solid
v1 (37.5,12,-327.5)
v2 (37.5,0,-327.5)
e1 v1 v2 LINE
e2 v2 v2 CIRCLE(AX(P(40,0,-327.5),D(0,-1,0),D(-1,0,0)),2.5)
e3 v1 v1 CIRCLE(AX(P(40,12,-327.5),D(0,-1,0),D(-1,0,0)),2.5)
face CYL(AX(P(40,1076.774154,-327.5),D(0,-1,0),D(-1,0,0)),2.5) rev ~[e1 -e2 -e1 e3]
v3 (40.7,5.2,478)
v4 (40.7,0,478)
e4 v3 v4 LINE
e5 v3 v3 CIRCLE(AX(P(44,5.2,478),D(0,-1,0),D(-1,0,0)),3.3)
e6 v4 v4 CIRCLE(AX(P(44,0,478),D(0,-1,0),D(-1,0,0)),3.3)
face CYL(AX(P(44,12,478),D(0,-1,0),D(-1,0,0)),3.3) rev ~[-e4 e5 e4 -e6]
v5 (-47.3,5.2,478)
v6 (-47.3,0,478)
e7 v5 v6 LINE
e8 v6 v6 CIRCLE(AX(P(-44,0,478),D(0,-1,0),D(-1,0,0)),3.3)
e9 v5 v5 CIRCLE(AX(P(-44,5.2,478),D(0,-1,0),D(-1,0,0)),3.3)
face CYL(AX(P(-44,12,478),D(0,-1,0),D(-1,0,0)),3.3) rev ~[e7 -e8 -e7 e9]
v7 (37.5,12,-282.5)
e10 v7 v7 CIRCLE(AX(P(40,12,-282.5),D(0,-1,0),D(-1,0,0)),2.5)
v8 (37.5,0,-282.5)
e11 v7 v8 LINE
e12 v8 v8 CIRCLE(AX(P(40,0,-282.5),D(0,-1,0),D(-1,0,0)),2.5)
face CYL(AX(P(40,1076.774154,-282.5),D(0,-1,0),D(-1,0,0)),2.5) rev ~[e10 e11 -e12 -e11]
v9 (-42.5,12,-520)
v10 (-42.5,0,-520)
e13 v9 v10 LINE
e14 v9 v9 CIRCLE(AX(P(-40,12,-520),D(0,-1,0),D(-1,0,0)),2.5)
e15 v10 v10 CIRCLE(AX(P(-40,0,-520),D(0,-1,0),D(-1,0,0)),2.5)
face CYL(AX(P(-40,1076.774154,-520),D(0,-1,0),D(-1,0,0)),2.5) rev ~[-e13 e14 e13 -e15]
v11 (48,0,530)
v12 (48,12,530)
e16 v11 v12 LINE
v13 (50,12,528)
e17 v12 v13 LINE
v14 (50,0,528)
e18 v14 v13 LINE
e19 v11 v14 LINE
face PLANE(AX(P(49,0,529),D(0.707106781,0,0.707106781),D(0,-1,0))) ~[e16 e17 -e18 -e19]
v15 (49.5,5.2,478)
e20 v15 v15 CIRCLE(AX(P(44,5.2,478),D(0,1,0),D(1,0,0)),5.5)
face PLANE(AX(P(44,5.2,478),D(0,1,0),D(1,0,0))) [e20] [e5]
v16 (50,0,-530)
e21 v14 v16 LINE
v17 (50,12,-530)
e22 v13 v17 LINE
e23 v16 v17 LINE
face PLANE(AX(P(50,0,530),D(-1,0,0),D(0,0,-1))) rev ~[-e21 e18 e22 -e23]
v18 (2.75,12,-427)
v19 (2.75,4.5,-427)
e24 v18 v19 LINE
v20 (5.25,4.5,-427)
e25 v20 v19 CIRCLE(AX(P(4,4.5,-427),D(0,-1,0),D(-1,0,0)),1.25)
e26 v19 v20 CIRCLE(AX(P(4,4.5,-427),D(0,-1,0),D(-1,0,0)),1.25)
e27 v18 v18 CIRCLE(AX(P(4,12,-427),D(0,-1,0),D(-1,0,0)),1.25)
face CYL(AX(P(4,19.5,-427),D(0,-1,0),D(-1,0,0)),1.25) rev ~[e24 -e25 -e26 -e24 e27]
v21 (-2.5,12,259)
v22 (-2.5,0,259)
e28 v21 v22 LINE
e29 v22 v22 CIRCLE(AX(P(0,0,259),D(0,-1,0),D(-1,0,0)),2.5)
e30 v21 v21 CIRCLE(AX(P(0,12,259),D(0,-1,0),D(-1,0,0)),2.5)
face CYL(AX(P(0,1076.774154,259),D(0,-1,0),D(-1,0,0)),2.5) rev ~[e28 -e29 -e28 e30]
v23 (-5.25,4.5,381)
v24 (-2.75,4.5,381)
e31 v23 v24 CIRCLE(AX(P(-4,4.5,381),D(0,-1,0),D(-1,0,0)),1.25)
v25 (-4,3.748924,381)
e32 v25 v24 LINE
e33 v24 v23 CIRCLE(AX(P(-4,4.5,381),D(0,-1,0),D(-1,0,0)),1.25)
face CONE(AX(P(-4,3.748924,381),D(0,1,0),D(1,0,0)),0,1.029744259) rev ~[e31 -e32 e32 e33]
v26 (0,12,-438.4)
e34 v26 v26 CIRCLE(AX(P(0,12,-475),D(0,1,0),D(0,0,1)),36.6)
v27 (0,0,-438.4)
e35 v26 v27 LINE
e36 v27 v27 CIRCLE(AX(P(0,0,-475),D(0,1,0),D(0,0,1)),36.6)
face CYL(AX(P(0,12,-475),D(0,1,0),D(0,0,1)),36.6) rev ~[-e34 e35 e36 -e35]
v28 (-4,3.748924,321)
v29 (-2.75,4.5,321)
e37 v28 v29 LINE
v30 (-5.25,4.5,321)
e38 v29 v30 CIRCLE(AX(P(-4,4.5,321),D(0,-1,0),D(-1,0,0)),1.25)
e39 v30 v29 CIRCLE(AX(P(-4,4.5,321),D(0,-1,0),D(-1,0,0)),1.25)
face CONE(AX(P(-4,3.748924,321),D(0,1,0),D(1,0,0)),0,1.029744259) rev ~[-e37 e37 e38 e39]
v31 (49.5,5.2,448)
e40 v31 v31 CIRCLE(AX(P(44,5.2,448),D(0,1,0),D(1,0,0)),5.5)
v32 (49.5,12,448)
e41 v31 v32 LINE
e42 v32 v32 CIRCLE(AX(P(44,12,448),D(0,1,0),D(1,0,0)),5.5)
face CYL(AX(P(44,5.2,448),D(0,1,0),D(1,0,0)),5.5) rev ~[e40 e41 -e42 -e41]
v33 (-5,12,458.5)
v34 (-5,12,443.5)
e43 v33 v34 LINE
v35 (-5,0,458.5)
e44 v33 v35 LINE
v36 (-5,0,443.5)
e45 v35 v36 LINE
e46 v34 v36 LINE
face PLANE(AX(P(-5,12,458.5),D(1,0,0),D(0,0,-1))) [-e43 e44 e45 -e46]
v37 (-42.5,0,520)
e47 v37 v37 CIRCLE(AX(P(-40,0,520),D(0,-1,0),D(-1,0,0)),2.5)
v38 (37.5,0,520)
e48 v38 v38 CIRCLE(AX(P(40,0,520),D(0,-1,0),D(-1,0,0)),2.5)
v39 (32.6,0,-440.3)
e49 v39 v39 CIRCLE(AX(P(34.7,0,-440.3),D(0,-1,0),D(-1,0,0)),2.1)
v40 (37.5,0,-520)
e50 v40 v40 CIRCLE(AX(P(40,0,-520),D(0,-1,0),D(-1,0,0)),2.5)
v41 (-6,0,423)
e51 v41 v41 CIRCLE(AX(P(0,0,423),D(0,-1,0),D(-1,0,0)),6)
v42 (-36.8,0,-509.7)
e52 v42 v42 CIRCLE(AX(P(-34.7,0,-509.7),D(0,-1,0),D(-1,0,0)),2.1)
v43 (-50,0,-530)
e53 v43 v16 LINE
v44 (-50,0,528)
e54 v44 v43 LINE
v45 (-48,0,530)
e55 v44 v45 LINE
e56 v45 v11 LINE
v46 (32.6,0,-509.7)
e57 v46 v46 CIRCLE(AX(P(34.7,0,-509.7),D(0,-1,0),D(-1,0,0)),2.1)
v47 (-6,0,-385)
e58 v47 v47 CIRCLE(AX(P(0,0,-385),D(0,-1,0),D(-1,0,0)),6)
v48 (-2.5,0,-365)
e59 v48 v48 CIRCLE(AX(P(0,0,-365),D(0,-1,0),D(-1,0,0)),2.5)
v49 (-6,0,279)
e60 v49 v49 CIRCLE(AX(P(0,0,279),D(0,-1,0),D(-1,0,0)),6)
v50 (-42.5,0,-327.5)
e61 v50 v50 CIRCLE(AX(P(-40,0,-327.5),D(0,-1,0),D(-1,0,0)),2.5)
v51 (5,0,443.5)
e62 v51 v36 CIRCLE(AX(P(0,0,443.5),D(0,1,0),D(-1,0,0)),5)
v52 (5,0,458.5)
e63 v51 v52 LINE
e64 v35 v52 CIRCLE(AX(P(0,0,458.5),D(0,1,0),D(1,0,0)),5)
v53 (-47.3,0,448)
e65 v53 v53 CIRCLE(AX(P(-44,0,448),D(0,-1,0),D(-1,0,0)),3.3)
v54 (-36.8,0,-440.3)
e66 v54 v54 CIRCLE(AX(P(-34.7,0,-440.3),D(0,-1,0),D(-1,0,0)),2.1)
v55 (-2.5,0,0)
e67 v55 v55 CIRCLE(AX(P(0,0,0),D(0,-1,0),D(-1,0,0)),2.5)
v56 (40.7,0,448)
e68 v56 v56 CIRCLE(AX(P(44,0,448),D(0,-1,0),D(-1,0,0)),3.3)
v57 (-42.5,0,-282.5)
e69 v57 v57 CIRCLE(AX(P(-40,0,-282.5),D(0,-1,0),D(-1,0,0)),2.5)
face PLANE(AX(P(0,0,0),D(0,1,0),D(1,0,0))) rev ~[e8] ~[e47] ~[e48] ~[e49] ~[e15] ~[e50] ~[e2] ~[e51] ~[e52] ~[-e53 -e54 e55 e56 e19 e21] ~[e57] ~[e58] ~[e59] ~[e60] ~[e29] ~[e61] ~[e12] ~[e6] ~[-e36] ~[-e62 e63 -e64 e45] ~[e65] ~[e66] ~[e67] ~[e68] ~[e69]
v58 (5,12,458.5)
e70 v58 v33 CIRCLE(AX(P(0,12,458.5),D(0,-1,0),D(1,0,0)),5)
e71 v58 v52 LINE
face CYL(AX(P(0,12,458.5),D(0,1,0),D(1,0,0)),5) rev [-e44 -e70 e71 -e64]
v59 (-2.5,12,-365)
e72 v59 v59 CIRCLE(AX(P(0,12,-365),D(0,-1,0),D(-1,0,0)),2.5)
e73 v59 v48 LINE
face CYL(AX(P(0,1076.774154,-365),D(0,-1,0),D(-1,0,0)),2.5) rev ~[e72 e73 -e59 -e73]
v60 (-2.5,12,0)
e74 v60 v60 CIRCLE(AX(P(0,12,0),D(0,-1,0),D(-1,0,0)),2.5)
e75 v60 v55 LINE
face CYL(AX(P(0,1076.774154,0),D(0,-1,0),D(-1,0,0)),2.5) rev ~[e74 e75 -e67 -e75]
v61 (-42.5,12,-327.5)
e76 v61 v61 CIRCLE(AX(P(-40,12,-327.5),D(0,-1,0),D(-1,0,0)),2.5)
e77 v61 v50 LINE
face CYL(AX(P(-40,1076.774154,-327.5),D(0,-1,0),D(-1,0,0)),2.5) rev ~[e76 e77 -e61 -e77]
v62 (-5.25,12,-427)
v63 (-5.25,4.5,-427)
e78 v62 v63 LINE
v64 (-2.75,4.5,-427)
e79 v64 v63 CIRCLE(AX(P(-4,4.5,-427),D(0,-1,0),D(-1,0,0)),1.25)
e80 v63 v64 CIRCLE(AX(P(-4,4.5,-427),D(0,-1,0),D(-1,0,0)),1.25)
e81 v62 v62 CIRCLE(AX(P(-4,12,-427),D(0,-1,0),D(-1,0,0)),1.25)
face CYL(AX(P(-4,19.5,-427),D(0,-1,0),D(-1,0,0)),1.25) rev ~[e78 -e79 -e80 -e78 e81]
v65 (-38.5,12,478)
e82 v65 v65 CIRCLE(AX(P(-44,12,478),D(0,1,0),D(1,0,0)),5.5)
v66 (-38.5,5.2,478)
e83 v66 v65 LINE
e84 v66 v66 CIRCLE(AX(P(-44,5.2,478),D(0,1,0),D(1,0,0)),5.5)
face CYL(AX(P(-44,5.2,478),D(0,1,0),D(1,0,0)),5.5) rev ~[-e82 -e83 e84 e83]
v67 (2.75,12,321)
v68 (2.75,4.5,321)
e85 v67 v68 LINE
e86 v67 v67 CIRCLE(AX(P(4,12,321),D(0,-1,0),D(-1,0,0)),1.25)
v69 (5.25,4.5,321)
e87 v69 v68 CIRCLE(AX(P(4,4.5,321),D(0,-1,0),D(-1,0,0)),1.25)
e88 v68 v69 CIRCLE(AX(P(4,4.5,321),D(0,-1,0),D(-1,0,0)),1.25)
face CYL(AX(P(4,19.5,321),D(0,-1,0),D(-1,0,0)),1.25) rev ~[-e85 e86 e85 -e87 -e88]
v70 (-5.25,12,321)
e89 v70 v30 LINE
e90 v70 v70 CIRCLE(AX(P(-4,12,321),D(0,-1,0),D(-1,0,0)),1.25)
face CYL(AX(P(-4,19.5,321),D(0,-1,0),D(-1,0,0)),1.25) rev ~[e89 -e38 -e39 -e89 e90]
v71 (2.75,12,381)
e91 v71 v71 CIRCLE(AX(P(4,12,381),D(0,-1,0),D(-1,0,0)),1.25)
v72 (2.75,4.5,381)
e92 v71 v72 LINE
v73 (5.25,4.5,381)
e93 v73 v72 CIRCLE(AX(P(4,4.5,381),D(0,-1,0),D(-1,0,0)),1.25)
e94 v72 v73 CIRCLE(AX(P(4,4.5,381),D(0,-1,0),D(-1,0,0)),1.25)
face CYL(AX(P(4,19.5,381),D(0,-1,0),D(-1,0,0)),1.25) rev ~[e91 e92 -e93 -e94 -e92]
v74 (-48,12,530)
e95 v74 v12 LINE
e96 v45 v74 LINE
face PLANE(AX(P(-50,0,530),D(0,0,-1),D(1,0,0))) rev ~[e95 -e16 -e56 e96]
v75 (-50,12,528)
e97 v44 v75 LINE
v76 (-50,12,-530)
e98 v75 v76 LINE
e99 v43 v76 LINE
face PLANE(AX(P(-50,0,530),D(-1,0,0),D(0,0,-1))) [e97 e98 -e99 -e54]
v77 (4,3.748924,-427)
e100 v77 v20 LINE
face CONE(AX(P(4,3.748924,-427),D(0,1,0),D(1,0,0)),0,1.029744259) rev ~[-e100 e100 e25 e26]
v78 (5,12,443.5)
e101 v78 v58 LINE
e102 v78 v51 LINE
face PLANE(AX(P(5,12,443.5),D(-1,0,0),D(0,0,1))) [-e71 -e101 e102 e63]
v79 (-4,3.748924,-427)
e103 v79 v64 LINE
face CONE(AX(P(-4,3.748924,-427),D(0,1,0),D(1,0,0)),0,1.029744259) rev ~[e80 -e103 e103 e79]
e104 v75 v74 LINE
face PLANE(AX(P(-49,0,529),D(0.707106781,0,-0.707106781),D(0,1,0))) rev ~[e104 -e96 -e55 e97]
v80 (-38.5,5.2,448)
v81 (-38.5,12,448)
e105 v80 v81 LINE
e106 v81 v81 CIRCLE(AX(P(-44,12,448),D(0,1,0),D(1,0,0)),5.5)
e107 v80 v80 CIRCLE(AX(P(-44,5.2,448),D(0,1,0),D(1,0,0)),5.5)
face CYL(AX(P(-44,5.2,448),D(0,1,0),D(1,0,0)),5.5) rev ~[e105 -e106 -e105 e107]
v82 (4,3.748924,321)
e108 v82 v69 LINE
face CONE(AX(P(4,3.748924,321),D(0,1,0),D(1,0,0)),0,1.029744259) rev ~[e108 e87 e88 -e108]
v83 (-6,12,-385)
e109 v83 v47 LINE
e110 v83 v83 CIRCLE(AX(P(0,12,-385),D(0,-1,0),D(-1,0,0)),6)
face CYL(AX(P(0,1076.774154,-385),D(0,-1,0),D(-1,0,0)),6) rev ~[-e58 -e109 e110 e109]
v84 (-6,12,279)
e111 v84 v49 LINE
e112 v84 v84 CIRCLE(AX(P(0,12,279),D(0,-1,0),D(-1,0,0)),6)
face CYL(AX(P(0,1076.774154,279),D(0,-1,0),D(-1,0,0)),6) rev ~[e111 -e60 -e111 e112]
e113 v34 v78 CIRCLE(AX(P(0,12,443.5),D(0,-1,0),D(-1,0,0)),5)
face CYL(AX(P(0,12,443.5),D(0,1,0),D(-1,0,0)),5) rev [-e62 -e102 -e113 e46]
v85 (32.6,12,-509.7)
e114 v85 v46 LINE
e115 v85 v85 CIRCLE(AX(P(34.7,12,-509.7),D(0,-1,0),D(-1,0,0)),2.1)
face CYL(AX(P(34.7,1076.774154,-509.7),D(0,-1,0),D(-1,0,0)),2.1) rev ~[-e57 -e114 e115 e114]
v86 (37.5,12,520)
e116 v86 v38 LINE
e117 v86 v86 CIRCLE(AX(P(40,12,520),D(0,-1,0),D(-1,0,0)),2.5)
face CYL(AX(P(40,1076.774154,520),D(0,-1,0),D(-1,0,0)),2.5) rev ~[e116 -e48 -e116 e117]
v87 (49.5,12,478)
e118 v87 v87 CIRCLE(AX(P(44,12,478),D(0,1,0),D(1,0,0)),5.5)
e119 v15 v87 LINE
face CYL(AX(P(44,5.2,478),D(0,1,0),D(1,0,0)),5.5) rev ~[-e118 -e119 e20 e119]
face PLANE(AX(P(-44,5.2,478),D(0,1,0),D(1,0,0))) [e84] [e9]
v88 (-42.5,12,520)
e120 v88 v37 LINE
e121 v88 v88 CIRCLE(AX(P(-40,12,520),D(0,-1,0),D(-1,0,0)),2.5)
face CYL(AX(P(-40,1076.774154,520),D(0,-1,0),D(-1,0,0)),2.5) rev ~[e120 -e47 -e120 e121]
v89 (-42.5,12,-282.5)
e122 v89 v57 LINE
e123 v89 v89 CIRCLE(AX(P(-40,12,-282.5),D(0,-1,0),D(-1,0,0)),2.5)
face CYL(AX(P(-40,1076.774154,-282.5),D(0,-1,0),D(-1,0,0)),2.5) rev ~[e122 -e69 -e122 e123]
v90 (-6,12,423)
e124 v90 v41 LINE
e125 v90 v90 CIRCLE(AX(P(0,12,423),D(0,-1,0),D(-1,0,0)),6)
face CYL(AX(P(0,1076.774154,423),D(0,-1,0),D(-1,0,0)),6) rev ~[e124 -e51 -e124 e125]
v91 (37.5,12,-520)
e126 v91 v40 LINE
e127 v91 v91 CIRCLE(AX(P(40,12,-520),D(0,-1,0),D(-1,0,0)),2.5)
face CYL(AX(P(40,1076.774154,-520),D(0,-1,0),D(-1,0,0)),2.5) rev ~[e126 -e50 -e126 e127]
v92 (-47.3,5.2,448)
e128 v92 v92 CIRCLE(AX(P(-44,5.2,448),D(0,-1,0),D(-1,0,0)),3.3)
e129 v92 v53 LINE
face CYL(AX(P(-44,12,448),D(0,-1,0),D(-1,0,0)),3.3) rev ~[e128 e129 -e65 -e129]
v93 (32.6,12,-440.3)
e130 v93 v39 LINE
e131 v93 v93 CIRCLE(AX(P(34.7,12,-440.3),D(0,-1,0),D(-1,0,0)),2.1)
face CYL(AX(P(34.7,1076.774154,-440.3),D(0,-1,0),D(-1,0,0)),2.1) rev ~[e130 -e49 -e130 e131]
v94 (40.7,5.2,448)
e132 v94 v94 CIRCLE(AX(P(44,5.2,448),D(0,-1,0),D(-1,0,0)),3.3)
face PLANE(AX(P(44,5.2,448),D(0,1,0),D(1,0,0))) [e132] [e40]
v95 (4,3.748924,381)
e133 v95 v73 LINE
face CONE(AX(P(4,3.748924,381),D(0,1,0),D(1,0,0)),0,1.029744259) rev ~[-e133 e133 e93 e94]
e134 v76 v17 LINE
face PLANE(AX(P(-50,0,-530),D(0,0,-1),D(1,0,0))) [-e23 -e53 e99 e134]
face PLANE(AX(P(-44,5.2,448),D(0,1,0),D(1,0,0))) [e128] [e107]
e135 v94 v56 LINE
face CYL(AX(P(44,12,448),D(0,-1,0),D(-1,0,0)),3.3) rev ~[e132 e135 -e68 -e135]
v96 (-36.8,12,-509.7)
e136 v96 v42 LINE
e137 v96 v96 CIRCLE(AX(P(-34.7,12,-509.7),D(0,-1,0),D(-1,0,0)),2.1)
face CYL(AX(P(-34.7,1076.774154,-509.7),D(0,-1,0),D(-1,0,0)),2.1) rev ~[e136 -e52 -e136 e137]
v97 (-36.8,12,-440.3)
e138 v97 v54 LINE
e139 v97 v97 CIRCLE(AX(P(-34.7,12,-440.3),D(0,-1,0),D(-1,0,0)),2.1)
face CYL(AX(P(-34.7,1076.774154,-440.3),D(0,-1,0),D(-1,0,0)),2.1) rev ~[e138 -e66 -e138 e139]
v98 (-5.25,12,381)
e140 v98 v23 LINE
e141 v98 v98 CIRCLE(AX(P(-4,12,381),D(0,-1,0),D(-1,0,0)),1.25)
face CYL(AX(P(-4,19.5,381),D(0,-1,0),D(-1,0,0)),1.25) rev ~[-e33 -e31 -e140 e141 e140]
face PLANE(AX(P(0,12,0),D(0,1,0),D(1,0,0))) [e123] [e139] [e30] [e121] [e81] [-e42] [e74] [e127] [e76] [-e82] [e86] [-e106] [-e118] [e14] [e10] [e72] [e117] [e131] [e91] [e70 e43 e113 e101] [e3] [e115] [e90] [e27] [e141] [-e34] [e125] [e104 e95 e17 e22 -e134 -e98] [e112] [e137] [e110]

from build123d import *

# Parameters (mm, degrees)
SKETCH_1_W                = 100
SKETCH_1_H                = 1060
EXTRUDE_1_DEPTH           = 12
SKETCH_2_R                = 36.6
CUT_EXTRUDE_1_DEPTH       = 533.488497528
HOLE_WIZARD_M5_1_D        = 4.2
HOLE_WIZARD_M6_1_D        = 5
HOLE_WIZARD_1_D           = 6.6
HOLE_WIZARD_1_CBORE_D     = 11
HOLE_WIZARD_1_CBORE_DEPTH = 6.8
HOLE_WIZARD_M3_1_D        = 2.5
HOLE_WIZARD_M3_1_DEPTH    = 7.5
HOLE_WIZARD_M3_1_TIP      = 0.751075774
HOLE_WIZARD_1_2_D         = 12
HOLE_WIZARD_M6_2_D        = 5
CHAMFER_1_SIZE            = 2


with BuildPart() as part:
    # 草图1 → 凸台-拉伸1 (new body)
    with BuildSketch(Plane(origin=(0, 0, 0), x_dir=(1, 0, 0), z_dir=(0, 1, 0))):
        Rectangle(SKETCH_1_W, SKETCH_1_H)
    extrude(amount=EXTRUDE_1_DEPTH)

    # 草图2 → 切除-拉伸1 (cut, through all)
    with BuildSketch(Plane(origin=(0, 12, 0), x_dir=(1, 0, 0), z_dir=(0, 1, 0))):
        with Locations(Location((0, 475, 0), (0, 0, 270))):
            Circle(SKETCH_2_R)
        with BuildLine():
            Line((5, -443.5), (5, -458.5))
            ThreePointArc((5, -458.5), (0, -463.5), (-5, -458.5))
            Line((-5, -458.5), (-5, -443.5))
            ThreePointArc((-5, -443.5), (0, -438.5), (5, -443.5))
        make_face()
    extrude(amount=-CUT_EXTRUDE_1_DEPTH, mode=Mode.SUBTRACT)

    # M5 螺纹孔1 (through all)
    with Locations(Plane(origin=(0, 12, 0), x_dir=(1, 0, 0), z_dir=(0, 1, 0))):
        with Locations((-34.7, 509.7), (34.7, 509.7), (34.7, 440.3), (-34.7, 440.3)):
            Hole(HOLE_WIZARD_M5_1_D / 2)

    # M6 螺纹孔1 (through all)
    with Locations(Plane(origin=(0, 12, 0), x_dir=(1, 0, 0), z_dir=(0, 1, 0))):
        with Locations((-40, 327.5), (-40, 282.5), (40, 282.5), (40, 327.5)):
            Hole(HOLE_WIZARD_M6_1_D / 2)

    # Hole Wizard 1 (through all)
    with Locations(Plane(origin=(0, 12, 0), x_dir=(1, 0, 0), z_dir=(0, 1, 0))):
        with Locations((-44, -448), (-44, -478), (44, -478), (44, -448)):
            CounterBoreHole(HOLE_WIZARD_1_D / 2, HOLE_WIZARD_1_CBORE_D / 2, HOLE_WIZARD_1_CBORE_DEPTH)

    # M3 螺纹孔1
    with Locations(Plane(origin=(0, 12, 0), x_dir=(1, 0, 0), z_dir=(0, 1, 0))):
        with Locations((-4, -381), (-4, -321), (-4, 427), (4, 427), (4, -321), (4, -381)):
            Hole(HOLE_WIZARD_M3_1_D / 2, depth=HOLE_WIZARD_M3_1_DEPTH)
            with Locations((0, 0, -(HOLE_WIZARD_M3_1_DEPTH + HOLE_WIZARD_M3_1_TIP / 2))):  # 118° drill point
                Cone(0, HOLE_WIZARD_M3_1_D / 2, HOLE_WIZARD_M3_1_TIP, mode=Mode.SUBTRACT)

    # Hole Wizard 1 2 (through all)
    with Locations(Plane(origin=(0, 12, 0), x_dir=(1, 0, 0), z_dir=(0, 1, 0))):
        with Locations((0, 385), (0, -279), (0, -423)):
            Hole(HOLE_WIZARD_1_2_D / 2)

    # M6 螺纹孔2 (through all)
    with Locations(Plane(origin=(0, 12, 0), x_dir=(1, 0, 0), z_dir=(0, 1, 0))):
        with Locations((-40, 520), (40, 520), (40, -520), (-40, -520), (0, 365), (0, 0), (0, -259)):
            Hole(HOLE_WIZARD_M6_2_D / 2)

    # 倒角1
    chamfer_1_edges = [part.edges().sort_by_distance(p)[0] for p in [
        (50, 6, 530),
        (-50, 6, 530),
    ]]
    chamfer(chamfer_1_edges, length=CHAMFER_1_SIZE)


solid = part.part
